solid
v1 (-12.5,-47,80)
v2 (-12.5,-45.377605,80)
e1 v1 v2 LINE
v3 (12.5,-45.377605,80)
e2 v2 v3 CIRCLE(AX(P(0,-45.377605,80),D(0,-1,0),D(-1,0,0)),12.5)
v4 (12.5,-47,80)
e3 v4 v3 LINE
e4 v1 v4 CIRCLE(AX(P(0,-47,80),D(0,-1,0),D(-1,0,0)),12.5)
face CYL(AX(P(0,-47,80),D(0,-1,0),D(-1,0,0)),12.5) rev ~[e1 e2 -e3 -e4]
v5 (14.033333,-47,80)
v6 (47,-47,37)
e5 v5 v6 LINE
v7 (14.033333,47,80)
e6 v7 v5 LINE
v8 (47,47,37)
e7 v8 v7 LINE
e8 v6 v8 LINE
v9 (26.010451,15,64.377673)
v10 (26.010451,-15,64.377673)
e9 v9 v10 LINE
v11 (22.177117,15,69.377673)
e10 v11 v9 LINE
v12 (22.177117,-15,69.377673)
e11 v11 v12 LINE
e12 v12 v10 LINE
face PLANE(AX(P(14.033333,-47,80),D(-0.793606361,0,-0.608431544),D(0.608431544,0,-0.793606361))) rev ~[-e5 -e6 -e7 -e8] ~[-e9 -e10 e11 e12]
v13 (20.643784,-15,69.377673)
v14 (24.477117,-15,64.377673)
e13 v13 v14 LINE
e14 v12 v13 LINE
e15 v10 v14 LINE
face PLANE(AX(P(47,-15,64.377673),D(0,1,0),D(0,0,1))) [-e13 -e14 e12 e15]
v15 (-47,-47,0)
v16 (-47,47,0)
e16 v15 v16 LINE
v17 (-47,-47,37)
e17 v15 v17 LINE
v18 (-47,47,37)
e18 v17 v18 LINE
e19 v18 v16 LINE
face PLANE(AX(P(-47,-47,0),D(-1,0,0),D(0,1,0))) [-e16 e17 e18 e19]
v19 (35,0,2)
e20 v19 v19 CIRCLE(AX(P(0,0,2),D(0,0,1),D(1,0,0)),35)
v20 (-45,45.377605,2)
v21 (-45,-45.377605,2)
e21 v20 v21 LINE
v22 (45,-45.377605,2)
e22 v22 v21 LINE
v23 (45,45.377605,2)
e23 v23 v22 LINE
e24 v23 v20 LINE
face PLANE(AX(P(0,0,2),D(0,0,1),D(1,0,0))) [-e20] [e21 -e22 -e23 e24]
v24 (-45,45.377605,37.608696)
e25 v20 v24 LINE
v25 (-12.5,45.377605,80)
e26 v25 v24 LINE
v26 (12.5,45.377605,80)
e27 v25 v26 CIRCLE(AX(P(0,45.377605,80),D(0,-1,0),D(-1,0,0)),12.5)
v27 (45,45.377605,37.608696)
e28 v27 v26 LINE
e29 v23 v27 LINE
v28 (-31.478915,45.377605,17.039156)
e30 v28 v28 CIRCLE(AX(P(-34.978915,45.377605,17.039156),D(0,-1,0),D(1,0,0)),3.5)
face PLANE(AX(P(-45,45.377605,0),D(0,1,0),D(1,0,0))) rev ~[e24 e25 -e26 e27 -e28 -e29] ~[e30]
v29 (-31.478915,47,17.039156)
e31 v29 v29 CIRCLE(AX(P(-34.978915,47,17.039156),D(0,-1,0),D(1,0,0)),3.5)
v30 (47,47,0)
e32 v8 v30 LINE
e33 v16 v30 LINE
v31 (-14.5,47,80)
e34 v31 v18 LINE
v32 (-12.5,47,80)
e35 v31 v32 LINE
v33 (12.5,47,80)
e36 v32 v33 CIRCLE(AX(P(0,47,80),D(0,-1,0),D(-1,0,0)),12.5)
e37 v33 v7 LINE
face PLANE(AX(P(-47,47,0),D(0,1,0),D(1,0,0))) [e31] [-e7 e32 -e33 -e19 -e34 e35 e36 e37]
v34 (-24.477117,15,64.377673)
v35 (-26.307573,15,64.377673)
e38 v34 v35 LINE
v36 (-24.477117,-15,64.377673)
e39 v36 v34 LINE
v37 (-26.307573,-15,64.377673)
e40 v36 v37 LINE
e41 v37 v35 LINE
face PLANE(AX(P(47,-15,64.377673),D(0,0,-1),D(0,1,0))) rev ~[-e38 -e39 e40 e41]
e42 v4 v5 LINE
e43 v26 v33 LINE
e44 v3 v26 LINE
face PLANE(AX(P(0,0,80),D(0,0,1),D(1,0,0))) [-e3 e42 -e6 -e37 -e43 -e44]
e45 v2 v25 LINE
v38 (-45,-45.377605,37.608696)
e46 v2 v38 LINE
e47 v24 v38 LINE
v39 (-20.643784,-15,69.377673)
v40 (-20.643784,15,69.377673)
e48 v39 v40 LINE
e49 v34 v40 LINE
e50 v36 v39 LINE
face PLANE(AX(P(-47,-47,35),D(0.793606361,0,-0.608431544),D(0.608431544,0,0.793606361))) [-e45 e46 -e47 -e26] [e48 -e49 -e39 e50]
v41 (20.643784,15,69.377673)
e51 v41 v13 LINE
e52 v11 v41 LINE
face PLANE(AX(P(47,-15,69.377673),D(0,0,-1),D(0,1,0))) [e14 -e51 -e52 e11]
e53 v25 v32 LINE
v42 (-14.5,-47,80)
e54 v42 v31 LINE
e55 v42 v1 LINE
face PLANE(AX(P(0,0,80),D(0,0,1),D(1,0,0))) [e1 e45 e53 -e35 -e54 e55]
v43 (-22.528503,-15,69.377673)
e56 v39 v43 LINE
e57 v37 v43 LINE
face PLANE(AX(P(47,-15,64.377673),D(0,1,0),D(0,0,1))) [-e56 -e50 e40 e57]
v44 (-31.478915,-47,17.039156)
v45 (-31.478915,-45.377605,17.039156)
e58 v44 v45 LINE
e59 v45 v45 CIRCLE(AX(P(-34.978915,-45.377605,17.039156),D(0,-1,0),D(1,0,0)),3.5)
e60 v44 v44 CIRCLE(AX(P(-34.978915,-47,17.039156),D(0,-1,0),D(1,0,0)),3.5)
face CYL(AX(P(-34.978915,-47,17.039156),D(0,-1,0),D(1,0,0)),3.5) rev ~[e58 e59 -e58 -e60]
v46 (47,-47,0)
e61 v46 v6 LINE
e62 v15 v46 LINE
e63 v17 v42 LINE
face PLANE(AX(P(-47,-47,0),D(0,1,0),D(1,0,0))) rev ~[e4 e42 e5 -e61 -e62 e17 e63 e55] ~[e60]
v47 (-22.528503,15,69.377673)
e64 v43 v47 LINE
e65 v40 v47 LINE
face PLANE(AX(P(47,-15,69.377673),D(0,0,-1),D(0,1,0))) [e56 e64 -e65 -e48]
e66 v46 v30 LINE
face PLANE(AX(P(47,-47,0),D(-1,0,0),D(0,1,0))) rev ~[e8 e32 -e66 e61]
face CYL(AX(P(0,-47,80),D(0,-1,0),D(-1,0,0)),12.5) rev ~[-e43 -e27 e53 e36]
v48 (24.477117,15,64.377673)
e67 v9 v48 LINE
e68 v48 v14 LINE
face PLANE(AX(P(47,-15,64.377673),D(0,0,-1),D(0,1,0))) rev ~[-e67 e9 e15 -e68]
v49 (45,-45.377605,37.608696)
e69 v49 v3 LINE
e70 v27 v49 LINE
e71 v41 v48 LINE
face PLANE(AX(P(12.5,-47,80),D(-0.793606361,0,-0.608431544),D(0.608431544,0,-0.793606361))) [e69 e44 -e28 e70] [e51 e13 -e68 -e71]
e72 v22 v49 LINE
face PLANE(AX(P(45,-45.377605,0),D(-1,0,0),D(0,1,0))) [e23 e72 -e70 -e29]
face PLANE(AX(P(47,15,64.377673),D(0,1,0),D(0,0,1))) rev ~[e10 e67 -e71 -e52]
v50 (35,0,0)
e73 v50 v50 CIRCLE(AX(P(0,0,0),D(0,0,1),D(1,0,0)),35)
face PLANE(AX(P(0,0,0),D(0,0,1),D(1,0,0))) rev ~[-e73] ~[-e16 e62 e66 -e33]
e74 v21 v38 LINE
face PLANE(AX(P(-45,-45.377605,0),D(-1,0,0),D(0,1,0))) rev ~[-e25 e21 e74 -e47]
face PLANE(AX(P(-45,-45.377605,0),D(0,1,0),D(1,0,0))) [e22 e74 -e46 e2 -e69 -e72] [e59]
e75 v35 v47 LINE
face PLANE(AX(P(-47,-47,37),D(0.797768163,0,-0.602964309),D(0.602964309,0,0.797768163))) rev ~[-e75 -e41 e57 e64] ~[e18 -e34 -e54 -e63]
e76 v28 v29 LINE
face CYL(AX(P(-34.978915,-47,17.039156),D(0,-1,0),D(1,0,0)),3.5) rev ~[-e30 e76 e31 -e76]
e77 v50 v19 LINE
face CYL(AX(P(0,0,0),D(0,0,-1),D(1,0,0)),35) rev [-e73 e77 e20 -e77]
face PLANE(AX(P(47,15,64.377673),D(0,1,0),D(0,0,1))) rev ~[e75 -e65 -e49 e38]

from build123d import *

# Parameters (mm, degrees)
F0_W     = 94
F0_H     = 94
F0_W_2   = 90
F0_H_2   = 90.7552093267
F0_R     = 35
F1_DEPTH = 2
F2_DEPTH = 80
F3_R     = 3.5
F4_DEPTH = 100
F5_DEPTH = 150
F6_DEPTH = 94
F7_W     = 30
F7_H     = 5
F8_DEPTH = 100


with BuildPart() as f1:
    # F0 (on Top) → F1 (new body)
    with BuildSketch(Plane.XY):
        Rectangle(F0_W, F0_H)
        Rectangle(F0_W_2, F0_H_2, mode=Mode.SUBTRACT)
        Rectangle(F0_W_2, F0_H_2)
        Circle(F0_R, mode=Mode.SUBTRACT)
    extrude(amount=F1_DEPTH)

    # F0 (on Top) → F2 (join)
    with BuildSketch(Plane.XY):
        Rectangle(F0_W, F0_H)
        Rectangle(F0_W_2, F0_H_2, mode=Mode.SUBTRACT)
    extrude(amount=F2_DEPTH)

    # F3 (on face) → F4 (cut)
    with BuildSketch(Plane.XZ.offset(47)):
        with BuildLine():
            ThreePointArc((-12.5, 80), (0, 67.5), (12.5, 80))
            Line((12.5, 80), (-12.5, 80))
        make_face()
        with Locations((-34.9789150059, 17.0391555876)):
            Circle(F3_R)
    extrude(amount=-F4_DEPTH, mode=Mode.SUBTRACT)

    # F3 (on face) → F5 (cut)
    with BuildSketch(Plane.XZ.offset(47)):
        Polygon((-47, 37), (-14.5, 80), (-47, 80), align=None)
        Polygon((47, 80), (14.0333333333, 80), (47, 37), align=None)
    extrude(amount=-F5_DEPTH, mode=Mode.SUBTRACT)

    # F3 (on face) → F6 (join)
    with BuildSketch(Plane.XZ.offset(47)):
        Polygon((-47, 35), (-12.5, 80), (-14.5, 80), (-47, 37), align=None)
        Polygon((14.0333333333, 80), (12.5, 80), (47, 35), (47, 37), align=None)
    extrude(amount=-F6_DEPTH)

    # F7 (on face) → F8 (cut)
    with BuildSketch(Plane.YZ.offset(47)):
        with Locations((0, 66.8776729703)):
            Rectangle(F7_W, F7_H)
    extrude(amount=-F8_DEPTH, mode=Mode.SUBTRACT)


solid = f1.part
